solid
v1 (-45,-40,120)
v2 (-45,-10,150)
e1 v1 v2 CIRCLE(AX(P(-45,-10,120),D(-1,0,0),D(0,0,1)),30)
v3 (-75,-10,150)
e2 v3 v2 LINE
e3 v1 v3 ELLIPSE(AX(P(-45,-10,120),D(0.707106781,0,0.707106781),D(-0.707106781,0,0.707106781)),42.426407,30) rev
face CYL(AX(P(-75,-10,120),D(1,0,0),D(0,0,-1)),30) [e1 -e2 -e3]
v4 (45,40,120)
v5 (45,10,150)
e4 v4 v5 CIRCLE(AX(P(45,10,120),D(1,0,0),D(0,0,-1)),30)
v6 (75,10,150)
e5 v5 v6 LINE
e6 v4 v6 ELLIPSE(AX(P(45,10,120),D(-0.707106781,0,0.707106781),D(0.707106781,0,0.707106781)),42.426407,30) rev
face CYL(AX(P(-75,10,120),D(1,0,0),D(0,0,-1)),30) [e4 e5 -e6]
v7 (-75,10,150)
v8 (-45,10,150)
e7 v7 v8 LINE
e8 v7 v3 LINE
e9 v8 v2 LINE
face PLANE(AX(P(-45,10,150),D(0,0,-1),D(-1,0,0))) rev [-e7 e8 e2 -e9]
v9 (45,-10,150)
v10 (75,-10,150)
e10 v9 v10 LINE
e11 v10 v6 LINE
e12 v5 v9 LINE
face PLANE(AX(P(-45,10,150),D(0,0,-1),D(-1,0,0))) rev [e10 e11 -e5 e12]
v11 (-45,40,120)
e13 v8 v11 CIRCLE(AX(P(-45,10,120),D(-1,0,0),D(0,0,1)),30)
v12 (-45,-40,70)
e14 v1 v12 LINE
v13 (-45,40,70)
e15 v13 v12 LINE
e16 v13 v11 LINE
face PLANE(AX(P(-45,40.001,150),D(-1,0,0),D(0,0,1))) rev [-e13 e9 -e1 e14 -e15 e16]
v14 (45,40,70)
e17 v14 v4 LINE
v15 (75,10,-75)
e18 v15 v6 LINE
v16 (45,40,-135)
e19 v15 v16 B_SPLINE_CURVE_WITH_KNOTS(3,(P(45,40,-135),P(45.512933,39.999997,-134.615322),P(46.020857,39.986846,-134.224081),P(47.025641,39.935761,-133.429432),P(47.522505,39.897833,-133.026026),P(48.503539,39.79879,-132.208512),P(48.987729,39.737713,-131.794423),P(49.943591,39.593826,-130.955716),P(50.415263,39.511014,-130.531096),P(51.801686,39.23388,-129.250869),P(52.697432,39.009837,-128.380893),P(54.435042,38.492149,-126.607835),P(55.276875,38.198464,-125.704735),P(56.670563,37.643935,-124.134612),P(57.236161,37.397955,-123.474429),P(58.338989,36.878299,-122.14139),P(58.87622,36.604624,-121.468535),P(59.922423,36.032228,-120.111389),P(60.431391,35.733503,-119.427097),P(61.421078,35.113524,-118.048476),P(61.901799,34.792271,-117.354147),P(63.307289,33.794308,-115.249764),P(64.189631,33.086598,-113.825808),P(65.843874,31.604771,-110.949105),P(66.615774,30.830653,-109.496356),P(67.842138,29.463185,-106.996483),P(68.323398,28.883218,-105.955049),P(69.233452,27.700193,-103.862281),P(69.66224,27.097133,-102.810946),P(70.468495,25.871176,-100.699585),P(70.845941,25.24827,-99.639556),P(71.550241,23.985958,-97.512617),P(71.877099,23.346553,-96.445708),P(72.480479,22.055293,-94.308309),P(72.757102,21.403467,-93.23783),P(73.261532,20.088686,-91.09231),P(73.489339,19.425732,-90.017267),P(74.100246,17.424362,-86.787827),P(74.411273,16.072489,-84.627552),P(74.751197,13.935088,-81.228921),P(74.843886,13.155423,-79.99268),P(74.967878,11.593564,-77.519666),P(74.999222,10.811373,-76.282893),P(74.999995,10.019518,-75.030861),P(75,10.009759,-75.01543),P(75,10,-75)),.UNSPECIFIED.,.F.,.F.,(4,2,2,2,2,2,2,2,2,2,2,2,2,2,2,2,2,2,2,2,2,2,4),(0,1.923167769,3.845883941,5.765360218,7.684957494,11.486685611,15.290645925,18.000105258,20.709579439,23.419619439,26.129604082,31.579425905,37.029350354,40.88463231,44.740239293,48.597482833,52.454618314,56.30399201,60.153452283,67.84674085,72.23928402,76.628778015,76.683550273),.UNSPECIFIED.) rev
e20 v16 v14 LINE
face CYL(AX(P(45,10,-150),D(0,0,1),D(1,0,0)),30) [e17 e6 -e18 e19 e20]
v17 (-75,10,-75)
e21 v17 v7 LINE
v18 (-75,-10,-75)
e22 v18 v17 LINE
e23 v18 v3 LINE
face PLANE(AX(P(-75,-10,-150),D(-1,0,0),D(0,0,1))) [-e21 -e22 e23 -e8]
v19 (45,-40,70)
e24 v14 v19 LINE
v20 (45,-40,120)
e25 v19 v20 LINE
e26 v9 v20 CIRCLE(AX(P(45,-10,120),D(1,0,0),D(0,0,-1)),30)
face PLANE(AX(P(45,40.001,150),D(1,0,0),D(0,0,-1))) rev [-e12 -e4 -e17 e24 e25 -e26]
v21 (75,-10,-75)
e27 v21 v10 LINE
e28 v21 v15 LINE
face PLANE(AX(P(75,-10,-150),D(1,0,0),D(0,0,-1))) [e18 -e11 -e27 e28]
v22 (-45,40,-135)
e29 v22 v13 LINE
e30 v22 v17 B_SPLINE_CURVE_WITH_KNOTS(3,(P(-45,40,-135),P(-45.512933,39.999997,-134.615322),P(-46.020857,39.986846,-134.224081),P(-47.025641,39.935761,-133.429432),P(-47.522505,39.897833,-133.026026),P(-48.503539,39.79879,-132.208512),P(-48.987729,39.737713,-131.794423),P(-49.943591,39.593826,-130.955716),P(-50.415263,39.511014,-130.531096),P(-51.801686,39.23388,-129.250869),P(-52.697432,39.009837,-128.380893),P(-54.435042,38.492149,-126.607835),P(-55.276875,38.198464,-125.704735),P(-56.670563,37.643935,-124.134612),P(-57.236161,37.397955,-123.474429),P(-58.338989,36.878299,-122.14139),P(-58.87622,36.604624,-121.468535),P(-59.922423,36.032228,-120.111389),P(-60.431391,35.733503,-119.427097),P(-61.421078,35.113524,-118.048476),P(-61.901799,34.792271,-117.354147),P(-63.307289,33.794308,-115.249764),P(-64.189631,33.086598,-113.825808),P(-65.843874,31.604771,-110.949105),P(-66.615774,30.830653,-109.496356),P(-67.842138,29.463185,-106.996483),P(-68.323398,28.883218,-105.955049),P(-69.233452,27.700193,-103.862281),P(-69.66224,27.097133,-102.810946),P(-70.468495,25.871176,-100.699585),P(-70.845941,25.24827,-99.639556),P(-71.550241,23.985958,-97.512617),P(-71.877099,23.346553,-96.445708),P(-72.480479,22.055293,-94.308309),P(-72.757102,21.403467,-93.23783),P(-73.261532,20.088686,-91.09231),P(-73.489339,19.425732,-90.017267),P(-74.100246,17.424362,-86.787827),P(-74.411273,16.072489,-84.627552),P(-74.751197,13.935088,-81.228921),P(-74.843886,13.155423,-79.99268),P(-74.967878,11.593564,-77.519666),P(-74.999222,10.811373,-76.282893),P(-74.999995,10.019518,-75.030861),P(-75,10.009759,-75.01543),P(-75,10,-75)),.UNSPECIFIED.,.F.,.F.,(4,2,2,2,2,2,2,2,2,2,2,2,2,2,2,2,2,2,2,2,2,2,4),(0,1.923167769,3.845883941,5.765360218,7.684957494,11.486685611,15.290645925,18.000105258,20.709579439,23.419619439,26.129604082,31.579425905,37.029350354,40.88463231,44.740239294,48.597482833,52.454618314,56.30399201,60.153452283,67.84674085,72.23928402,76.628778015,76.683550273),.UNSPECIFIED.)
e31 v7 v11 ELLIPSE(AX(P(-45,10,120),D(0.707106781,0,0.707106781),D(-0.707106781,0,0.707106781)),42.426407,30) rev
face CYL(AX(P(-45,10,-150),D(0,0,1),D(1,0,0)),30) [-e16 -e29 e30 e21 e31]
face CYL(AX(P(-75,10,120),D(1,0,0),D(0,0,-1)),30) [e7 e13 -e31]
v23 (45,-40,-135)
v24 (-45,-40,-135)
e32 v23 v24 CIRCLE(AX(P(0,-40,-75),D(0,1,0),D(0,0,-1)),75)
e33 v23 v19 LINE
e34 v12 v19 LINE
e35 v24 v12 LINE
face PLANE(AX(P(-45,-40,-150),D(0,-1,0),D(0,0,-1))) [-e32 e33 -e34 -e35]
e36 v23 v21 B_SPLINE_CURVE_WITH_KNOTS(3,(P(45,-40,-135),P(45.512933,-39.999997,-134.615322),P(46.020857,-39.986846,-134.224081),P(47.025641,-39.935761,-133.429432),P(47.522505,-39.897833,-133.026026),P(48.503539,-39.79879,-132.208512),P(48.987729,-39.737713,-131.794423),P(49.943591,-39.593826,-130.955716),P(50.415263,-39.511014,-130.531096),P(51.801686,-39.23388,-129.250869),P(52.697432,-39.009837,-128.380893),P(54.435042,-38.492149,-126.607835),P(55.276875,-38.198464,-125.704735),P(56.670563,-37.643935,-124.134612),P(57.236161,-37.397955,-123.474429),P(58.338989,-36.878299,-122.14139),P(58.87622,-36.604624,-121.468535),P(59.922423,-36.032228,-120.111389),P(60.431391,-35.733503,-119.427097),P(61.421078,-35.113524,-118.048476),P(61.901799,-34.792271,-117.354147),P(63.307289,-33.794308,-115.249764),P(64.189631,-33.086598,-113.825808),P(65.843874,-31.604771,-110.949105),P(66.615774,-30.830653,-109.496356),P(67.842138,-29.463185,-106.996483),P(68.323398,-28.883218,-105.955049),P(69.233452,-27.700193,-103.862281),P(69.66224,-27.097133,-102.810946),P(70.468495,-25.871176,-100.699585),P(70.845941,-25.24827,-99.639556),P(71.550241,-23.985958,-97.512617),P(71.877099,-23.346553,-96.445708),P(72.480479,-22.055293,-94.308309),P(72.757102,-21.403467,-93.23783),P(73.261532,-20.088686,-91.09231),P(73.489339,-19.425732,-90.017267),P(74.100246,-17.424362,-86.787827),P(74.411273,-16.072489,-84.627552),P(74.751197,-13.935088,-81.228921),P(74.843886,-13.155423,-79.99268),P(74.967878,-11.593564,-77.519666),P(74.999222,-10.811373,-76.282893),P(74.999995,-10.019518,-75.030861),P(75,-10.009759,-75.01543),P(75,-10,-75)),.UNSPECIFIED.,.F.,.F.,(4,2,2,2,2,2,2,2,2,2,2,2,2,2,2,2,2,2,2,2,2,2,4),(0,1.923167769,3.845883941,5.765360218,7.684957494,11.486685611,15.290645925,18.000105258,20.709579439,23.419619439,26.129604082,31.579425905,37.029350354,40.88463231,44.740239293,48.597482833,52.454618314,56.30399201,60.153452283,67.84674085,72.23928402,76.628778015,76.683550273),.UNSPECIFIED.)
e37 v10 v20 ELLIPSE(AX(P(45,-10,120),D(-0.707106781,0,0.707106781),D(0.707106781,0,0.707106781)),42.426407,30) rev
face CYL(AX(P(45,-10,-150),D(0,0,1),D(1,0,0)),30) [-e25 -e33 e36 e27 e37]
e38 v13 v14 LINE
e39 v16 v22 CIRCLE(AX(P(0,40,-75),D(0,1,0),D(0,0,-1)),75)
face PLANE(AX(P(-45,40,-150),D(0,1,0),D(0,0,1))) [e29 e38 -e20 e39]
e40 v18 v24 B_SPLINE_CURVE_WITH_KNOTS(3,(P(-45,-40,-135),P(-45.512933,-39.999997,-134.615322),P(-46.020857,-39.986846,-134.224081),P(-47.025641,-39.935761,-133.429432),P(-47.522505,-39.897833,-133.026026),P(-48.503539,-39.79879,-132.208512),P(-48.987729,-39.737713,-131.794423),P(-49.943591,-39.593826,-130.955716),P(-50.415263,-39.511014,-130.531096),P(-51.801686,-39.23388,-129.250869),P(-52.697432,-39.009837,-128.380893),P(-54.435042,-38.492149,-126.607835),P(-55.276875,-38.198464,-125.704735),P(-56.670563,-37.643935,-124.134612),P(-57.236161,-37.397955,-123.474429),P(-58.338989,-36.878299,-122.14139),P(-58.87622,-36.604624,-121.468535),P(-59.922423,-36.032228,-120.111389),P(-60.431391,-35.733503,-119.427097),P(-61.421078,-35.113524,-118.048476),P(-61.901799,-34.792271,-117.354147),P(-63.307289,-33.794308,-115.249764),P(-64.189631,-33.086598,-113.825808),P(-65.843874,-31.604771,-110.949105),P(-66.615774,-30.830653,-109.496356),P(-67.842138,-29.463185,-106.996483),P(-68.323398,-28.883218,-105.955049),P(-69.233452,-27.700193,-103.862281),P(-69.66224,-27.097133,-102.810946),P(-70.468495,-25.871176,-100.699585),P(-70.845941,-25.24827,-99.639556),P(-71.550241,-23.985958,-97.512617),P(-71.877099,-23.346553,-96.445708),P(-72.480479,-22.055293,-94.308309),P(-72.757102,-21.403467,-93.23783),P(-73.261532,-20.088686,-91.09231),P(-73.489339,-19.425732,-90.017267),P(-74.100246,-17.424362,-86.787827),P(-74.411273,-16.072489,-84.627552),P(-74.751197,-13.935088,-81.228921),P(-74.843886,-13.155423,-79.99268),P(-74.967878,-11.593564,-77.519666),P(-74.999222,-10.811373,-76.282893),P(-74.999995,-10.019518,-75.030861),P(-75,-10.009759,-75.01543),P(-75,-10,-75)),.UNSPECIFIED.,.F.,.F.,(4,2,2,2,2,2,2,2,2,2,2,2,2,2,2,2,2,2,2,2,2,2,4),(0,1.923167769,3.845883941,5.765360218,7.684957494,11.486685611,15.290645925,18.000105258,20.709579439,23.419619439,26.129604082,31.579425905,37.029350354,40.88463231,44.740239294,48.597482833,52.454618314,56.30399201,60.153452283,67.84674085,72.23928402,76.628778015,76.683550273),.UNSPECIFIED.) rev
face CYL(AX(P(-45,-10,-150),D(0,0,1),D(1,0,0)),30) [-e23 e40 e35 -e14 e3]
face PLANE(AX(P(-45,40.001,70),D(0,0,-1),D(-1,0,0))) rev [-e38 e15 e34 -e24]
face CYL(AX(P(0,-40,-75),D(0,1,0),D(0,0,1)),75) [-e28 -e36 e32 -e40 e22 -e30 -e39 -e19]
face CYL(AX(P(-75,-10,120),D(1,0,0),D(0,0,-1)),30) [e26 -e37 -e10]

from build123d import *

# Parameters (mm, degrees)
BOSS_EXTRUDE1_DEPTH      = 150
BOSS_EXTRUDE1_DEPTH_BACK = 150
SKETCH2_OUTSIDE_W        = 370.964
SKETCH2_OUTSIDE_H        = 150.964
CUT_EXTRUDE1_DEPTH       = 150
CUT_EXTRUDE2_REACH       = 187.809
SKETCH6_OUTSIDE_W        = 220.96400000000003
SKETCH6_OUTSIDE_H        = 370.964
CUT_EXTRUDE3_DEPTH       = 186.8090417606205


with BuildPart() as part:
    # Sketch1 → Boss-Extrude1 (new, two sides: drawn at the far end of the back side and taken through both)
    with BuildSketch(Plane.XY.offset(-BOSS_EXTRUDE1_DEPTH_BACK)):
        with BuildLine():
            Line((-44.999999999999986, -39.99999999999999), (45.000000000000014, -39.99999999999999))
            ThreePointArc((45.000000000000014, -39.99999999999999), (66.21320343559644, -31.21320343559642), (75.00000000000001, -10.000000000000002))
            Line((75.00000000000001, -10.000000000000002), (75.00000000000001, 10.000000000000002))
            ThreePointArc((75.00000000000001, 10.000000000000002), (66.21320343559645, 31.213203435596434), (45.000000000000014, 40.00000000000001))
            Line((45.000000000000014, 40.00000000000001), (-44.999999999999986, 40.00000000000001))
            ThreePointArc((-44.999999999999986, 40.00000000000001), (-66.21320343559641, 31.213203435596427), (-74.99999999999999, 10.000000000000002))
            Line((-74.99999999999999, 10.000000000000002), (-74.99999999999999, -10.000000000000002))
            ThreePointArc((-74.99999999999999, -10.000000000000002), (-66.2132034355964, -31.213203435596427), (-44.999999999999986, -39.99999999999999))
        make_face()
    extrude(amount=BOSS_EXTRUDE1_DEPTH + BOSS_EXTRUDE1_DEPTH_BACK)

    # Sketch2 outside → Cut-Extrude1 (cut)
    with BuildSketch(Plane(origin=(75.00000000000001, 0, 0), x_dir=(0, 0, -1), z_dir=(1, 0, 0))):
        Rectangle(SKETCH2_OUTSIDE_W, SKETCH2_OUTSIDE_H)
        with BuildLine():
            Line((150, 40.00000000000001), (-120, 39.999999999999986))
            ThreePointArc((-120, 39.999999999999986), (-141.21320343559643, 31.21320343559642), (-150, 9.999999999999991))
            Line((-150, 9.999999999999991), (-150, -9.999999999999991))
            ThreePointArc((-150, -9.999999999999991), (-141.21320343559643, -31.213203435596412), (-120, -39.999999999999986))
            Line((-120, -39.999999999999986), (150, -39.999999999999964))
            Line((150, -39.999999999999964), (150, 40.00000000000001))
        make_face(mode=Mode.SUBTRACT)
    extrude(amount=-CUT_EXTRUDE1_DEPTH, mode=Mode.SUBTRACT)

    # Sketch3 → Cut-Extrude2 (cut, up to next)
    with BuildSketch(Plane.XZ.offset(39.99999999999999), mode=Mode.PRIVATE) as cut_extrude2_sk1:
        Polygon((-44.99999999999978, 150), (45, 150), (45.000000000000014, 69.99999999999999), (-44.99999999999977, 69.99999999999999), align=None)
    cut_extrude2_tool1 = extrude(cut_extrude2_sk1.sketch, amount=-CUT_EXTRUDE2_REACH, mode=Mode.PRIVATE) & part.part
    add(cut_extrude2_tool1.solids().sort_by_distance((0, -40, 110))[0], mode=Mode.SUBTRACT)

    # Sketch6 outside → Cut-Extrude3 (cut, through all)
    with BuildSketch(Plane(origin=(0, 40.00000000000001, 0), x_dir=(1, 0, 0), z_dir=(0, 1, 0))):
        Rectangle(SKETCH6_OUTSIDE_W, SKETCH6_OUTSIDE_H)
        with BuildLine():
            Line((-75, 75), (-74.99999999999999, 0))
            Line((-74.99999999999999, 0), (-74.99999999999999, -150))
            Line((-74.99999999999999, -150), (75.00000000000001, -150))
            Line((75.00000000000001, -150), (75.00000000000001, 0))
            Line((75.00000000000001, 0), (75, 75))
            ThreePointArc((75, 75), (-9.29e-15, 149.99999999999997), (-75, 75))
        make_face(mode=Mode.SUBTRACT)
    extrude(amount=-CUT_EXTRUDE3_DEPTH, mode=Mode.SUBTRACT)


solid = part.part
